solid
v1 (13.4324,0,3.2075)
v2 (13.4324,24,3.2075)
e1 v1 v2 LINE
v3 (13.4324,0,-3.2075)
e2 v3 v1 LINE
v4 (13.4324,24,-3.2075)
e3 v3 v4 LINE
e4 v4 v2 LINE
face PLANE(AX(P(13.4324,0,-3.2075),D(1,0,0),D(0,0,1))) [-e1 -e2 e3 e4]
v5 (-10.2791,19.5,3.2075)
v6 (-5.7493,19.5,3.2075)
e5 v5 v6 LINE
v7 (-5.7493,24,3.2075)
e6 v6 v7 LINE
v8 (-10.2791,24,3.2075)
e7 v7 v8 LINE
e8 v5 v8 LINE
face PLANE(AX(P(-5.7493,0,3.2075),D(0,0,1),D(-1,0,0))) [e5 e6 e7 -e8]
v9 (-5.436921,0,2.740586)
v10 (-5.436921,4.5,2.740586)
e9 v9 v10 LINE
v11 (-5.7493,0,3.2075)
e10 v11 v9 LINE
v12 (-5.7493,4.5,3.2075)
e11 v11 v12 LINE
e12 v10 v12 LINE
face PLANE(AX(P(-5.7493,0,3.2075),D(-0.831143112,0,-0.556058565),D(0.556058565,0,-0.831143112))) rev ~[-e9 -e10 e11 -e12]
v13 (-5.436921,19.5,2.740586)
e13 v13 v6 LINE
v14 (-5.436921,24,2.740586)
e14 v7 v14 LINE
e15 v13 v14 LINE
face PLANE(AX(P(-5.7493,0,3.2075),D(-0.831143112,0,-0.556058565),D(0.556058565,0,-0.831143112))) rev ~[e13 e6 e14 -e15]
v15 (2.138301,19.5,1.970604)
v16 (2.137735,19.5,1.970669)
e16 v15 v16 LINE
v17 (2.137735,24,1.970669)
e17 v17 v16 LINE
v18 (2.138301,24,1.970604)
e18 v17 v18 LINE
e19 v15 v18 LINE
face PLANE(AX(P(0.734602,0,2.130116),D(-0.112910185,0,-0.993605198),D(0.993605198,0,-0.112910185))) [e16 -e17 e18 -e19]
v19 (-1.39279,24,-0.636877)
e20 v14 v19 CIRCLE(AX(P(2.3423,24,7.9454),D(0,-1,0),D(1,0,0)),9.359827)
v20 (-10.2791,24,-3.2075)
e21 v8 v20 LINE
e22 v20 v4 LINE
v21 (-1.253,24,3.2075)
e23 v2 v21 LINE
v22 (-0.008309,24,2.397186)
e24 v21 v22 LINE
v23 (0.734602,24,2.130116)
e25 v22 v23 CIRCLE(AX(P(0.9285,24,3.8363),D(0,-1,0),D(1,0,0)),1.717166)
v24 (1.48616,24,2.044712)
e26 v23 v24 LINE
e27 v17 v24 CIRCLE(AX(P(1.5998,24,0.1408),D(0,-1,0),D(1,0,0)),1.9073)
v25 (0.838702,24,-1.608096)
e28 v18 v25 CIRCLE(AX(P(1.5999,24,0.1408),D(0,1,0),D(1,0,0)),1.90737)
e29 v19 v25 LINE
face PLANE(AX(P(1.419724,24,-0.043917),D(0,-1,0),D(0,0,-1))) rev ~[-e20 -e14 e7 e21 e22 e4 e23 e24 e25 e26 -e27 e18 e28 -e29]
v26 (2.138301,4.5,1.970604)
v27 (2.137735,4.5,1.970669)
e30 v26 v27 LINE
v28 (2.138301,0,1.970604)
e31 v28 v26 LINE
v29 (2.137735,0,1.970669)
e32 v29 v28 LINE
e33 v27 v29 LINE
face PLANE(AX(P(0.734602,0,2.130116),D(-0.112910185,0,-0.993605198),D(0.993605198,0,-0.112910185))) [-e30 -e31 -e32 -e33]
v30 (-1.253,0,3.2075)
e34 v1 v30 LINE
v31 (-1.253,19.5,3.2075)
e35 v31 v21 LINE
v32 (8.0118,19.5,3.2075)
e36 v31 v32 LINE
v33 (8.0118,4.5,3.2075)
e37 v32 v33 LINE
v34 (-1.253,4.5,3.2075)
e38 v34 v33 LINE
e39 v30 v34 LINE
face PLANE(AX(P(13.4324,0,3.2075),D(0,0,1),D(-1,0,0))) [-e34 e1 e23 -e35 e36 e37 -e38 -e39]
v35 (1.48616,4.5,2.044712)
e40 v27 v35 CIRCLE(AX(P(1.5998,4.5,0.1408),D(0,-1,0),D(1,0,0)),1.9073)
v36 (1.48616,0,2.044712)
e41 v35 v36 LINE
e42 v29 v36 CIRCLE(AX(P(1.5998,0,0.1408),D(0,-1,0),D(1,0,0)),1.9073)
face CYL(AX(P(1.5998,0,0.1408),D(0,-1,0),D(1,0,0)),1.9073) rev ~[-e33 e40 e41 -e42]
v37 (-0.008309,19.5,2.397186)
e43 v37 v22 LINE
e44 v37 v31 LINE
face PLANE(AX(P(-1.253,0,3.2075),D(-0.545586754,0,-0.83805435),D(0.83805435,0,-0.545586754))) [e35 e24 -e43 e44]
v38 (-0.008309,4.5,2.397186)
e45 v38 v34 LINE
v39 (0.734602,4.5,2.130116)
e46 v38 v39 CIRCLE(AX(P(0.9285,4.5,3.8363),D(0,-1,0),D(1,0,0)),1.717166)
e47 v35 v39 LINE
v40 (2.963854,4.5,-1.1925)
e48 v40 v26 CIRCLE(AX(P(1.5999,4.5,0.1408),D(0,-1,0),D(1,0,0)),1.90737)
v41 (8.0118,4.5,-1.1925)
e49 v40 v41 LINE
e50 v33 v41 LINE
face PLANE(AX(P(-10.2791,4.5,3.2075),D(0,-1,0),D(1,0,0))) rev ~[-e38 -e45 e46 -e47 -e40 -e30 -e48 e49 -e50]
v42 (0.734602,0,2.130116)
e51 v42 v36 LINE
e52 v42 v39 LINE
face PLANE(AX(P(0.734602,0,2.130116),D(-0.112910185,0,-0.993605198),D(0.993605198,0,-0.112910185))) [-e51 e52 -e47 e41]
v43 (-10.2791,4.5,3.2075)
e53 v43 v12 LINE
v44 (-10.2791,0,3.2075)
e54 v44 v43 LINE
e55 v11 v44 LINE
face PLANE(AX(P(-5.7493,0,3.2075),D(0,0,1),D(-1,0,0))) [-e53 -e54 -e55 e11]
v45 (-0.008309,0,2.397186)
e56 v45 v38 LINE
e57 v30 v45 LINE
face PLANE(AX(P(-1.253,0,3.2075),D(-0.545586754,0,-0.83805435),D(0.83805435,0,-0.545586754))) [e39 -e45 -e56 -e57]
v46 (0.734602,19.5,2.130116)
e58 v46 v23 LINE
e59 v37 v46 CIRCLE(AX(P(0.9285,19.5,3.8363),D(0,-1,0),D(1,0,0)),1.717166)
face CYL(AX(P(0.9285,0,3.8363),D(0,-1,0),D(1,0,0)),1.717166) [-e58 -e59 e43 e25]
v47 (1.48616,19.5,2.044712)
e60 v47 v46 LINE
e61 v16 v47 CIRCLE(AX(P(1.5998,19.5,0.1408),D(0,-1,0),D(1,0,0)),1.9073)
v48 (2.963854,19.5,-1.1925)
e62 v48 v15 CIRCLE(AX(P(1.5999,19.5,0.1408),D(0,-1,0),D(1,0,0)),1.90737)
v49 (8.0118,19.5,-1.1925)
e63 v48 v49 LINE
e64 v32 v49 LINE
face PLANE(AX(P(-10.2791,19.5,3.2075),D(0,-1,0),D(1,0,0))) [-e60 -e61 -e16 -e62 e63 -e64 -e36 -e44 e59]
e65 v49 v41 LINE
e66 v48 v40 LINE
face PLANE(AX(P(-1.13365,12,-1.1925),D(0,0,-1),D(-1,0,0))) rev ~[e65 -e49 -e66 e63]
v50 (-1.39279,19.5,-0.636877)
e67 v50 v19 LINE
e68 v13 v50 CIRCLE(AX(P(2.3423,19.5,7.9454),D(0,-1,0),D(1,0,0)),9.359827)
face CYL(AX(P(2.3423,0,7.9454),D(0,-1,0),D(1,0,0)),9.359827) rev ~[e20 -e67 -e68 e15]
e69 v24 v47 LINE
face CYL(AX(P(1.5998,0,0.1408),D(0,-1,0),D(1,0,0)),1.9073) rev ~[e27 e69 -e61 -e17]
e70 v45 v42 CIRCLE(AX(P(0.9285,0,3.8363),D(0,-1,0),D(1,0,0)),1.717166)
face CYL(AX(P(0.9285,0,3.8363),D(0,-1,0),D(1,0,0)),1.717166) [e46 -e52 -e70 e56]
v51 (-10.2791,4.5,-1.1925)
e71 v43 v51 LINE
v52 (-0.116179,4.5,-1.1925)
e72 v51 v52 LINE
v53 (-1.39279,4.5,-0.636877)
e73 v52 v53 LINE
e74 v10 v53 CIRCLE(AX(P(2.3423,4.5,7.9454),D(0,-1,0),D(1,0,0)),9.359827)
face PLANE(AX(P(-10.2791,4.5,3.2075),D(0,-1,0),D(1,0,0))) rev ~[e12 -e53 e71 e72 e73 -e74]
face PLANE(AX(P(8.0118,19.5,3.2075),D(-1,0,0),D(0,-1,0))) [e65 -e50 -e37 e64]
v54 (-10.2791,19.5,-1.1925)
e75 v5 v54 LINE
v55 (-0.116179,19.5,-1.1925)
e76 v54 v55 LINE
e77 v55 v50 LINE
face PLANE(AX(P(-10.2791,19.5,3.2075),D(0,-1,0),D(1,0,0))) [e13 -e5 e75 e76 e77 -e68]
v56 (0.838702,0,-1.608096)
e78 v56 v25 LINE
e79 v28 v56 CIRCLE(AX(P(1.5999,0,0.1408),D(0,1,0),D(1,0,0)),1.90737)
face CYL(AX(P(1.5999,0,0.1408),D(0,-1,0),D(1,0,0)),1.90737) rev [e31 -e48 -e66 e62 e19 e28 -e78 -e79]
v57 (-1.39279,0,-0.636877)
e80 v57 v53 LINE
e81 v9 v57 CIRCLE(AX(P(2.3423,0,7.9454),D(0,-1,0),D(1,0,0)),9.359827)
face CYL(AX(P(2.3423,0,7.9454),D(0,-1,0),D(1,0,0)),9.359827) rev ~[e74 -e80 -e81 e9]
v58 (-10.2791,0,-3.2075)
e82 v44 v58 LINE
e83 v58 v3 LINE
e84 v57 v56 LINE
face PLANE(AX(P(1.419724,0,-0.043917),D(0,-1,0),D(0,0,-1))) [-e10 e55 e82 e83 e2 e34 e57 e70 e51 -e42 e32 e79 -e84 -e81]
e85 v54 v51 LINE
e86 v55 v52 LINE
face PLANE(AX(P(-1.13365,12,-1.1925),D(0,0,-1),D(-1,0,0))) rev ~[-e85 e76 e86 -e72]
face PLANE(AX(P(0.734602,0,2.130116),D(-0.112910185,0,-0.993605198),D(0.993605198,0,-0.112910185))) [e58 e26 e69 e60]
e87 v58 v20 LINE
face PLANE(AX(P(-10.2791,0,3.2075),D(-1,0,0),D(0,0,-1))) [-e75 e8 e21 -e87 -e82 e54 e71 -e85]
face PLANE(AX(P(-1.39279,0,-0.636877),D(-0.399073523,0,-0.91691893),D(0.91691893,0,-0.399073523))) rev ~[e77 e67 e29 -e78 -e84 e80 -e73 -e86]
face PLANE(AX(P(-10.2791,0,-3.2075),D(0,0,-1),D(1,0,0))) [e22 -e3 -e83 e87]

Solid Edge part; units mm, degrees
sketch "Sketch1" plane through (0, 0, 0) normal (0, -1, 0) x (1, 0, 0)
  line L0 (13.4324, 3.2075) -> (-1.253, 3.2075)
  line L1 (-1.253, 3.2075) -> (-0.0083, 2.3972)
  arc A0 (-0.0083, 2.3972) -> (0.7346, 2.1301) centre (0.9285, 3.8363) ccw
  line L2 (0.7346, 2.1301) -> (2.1383, 1.9706)
  arc A1 (2.1383, 1.9706) -> (0.8387, -1.6081) centre (1.5999, 0.1408) cw
  line L3 (-1.3928, -0.6369) -> (0.8387, -1.6081)
  arc A2 (-5.4369, 2.7406) -> (-1.3928, -0.6369) centre (2.3423, 7.9454) ccw
  line L4 (-5.7493, 3.2075) -> (-5.4369, 2.7406)
  line L5 (-5.7493, 3.2075) -> (-10.2791, 3.2075)
  line L6 (-10.2791, 3.2075) -> (-10.2791, -3.2075)
  line L7 (-10.2791, -3.2075) -> (13.4324, -3.2075)
  line L8 (13.4324, -3.2075) -> (13.4324, 3.2075)
extrude "Protrusion1" add sketch "Sketch1" against normal blind 24
sketch "Sketch2" plane through (4.513, 12, 3.2075) normal (0, 0, 1) x (1, 0, 0)
  line L0 (-14.7921, 7.5) -> (3.4988, 7.5)
  line L1 (3.4988, 7.5) -> (3.4988, -7.5)
  line L2 (-14.7921, -7.5) -> (3.4988, -7.5)
  line L3 (-14.7921, 7.5) -> (-14.7921, -7.5)
extrude "Cutout1" cut sketch "Sketch2" against normal blind 4.4
sketch "Sketch3" plane through (1.5766, 0, 0) normal (0, -1, 0) x (1, 0, 0)
  circle A0 centre (0.0232, 0.1408) radius 1.9073
extrude "ScavoEstrusione_2" cut sketch "Sketch3" against normal blind 40.5632
